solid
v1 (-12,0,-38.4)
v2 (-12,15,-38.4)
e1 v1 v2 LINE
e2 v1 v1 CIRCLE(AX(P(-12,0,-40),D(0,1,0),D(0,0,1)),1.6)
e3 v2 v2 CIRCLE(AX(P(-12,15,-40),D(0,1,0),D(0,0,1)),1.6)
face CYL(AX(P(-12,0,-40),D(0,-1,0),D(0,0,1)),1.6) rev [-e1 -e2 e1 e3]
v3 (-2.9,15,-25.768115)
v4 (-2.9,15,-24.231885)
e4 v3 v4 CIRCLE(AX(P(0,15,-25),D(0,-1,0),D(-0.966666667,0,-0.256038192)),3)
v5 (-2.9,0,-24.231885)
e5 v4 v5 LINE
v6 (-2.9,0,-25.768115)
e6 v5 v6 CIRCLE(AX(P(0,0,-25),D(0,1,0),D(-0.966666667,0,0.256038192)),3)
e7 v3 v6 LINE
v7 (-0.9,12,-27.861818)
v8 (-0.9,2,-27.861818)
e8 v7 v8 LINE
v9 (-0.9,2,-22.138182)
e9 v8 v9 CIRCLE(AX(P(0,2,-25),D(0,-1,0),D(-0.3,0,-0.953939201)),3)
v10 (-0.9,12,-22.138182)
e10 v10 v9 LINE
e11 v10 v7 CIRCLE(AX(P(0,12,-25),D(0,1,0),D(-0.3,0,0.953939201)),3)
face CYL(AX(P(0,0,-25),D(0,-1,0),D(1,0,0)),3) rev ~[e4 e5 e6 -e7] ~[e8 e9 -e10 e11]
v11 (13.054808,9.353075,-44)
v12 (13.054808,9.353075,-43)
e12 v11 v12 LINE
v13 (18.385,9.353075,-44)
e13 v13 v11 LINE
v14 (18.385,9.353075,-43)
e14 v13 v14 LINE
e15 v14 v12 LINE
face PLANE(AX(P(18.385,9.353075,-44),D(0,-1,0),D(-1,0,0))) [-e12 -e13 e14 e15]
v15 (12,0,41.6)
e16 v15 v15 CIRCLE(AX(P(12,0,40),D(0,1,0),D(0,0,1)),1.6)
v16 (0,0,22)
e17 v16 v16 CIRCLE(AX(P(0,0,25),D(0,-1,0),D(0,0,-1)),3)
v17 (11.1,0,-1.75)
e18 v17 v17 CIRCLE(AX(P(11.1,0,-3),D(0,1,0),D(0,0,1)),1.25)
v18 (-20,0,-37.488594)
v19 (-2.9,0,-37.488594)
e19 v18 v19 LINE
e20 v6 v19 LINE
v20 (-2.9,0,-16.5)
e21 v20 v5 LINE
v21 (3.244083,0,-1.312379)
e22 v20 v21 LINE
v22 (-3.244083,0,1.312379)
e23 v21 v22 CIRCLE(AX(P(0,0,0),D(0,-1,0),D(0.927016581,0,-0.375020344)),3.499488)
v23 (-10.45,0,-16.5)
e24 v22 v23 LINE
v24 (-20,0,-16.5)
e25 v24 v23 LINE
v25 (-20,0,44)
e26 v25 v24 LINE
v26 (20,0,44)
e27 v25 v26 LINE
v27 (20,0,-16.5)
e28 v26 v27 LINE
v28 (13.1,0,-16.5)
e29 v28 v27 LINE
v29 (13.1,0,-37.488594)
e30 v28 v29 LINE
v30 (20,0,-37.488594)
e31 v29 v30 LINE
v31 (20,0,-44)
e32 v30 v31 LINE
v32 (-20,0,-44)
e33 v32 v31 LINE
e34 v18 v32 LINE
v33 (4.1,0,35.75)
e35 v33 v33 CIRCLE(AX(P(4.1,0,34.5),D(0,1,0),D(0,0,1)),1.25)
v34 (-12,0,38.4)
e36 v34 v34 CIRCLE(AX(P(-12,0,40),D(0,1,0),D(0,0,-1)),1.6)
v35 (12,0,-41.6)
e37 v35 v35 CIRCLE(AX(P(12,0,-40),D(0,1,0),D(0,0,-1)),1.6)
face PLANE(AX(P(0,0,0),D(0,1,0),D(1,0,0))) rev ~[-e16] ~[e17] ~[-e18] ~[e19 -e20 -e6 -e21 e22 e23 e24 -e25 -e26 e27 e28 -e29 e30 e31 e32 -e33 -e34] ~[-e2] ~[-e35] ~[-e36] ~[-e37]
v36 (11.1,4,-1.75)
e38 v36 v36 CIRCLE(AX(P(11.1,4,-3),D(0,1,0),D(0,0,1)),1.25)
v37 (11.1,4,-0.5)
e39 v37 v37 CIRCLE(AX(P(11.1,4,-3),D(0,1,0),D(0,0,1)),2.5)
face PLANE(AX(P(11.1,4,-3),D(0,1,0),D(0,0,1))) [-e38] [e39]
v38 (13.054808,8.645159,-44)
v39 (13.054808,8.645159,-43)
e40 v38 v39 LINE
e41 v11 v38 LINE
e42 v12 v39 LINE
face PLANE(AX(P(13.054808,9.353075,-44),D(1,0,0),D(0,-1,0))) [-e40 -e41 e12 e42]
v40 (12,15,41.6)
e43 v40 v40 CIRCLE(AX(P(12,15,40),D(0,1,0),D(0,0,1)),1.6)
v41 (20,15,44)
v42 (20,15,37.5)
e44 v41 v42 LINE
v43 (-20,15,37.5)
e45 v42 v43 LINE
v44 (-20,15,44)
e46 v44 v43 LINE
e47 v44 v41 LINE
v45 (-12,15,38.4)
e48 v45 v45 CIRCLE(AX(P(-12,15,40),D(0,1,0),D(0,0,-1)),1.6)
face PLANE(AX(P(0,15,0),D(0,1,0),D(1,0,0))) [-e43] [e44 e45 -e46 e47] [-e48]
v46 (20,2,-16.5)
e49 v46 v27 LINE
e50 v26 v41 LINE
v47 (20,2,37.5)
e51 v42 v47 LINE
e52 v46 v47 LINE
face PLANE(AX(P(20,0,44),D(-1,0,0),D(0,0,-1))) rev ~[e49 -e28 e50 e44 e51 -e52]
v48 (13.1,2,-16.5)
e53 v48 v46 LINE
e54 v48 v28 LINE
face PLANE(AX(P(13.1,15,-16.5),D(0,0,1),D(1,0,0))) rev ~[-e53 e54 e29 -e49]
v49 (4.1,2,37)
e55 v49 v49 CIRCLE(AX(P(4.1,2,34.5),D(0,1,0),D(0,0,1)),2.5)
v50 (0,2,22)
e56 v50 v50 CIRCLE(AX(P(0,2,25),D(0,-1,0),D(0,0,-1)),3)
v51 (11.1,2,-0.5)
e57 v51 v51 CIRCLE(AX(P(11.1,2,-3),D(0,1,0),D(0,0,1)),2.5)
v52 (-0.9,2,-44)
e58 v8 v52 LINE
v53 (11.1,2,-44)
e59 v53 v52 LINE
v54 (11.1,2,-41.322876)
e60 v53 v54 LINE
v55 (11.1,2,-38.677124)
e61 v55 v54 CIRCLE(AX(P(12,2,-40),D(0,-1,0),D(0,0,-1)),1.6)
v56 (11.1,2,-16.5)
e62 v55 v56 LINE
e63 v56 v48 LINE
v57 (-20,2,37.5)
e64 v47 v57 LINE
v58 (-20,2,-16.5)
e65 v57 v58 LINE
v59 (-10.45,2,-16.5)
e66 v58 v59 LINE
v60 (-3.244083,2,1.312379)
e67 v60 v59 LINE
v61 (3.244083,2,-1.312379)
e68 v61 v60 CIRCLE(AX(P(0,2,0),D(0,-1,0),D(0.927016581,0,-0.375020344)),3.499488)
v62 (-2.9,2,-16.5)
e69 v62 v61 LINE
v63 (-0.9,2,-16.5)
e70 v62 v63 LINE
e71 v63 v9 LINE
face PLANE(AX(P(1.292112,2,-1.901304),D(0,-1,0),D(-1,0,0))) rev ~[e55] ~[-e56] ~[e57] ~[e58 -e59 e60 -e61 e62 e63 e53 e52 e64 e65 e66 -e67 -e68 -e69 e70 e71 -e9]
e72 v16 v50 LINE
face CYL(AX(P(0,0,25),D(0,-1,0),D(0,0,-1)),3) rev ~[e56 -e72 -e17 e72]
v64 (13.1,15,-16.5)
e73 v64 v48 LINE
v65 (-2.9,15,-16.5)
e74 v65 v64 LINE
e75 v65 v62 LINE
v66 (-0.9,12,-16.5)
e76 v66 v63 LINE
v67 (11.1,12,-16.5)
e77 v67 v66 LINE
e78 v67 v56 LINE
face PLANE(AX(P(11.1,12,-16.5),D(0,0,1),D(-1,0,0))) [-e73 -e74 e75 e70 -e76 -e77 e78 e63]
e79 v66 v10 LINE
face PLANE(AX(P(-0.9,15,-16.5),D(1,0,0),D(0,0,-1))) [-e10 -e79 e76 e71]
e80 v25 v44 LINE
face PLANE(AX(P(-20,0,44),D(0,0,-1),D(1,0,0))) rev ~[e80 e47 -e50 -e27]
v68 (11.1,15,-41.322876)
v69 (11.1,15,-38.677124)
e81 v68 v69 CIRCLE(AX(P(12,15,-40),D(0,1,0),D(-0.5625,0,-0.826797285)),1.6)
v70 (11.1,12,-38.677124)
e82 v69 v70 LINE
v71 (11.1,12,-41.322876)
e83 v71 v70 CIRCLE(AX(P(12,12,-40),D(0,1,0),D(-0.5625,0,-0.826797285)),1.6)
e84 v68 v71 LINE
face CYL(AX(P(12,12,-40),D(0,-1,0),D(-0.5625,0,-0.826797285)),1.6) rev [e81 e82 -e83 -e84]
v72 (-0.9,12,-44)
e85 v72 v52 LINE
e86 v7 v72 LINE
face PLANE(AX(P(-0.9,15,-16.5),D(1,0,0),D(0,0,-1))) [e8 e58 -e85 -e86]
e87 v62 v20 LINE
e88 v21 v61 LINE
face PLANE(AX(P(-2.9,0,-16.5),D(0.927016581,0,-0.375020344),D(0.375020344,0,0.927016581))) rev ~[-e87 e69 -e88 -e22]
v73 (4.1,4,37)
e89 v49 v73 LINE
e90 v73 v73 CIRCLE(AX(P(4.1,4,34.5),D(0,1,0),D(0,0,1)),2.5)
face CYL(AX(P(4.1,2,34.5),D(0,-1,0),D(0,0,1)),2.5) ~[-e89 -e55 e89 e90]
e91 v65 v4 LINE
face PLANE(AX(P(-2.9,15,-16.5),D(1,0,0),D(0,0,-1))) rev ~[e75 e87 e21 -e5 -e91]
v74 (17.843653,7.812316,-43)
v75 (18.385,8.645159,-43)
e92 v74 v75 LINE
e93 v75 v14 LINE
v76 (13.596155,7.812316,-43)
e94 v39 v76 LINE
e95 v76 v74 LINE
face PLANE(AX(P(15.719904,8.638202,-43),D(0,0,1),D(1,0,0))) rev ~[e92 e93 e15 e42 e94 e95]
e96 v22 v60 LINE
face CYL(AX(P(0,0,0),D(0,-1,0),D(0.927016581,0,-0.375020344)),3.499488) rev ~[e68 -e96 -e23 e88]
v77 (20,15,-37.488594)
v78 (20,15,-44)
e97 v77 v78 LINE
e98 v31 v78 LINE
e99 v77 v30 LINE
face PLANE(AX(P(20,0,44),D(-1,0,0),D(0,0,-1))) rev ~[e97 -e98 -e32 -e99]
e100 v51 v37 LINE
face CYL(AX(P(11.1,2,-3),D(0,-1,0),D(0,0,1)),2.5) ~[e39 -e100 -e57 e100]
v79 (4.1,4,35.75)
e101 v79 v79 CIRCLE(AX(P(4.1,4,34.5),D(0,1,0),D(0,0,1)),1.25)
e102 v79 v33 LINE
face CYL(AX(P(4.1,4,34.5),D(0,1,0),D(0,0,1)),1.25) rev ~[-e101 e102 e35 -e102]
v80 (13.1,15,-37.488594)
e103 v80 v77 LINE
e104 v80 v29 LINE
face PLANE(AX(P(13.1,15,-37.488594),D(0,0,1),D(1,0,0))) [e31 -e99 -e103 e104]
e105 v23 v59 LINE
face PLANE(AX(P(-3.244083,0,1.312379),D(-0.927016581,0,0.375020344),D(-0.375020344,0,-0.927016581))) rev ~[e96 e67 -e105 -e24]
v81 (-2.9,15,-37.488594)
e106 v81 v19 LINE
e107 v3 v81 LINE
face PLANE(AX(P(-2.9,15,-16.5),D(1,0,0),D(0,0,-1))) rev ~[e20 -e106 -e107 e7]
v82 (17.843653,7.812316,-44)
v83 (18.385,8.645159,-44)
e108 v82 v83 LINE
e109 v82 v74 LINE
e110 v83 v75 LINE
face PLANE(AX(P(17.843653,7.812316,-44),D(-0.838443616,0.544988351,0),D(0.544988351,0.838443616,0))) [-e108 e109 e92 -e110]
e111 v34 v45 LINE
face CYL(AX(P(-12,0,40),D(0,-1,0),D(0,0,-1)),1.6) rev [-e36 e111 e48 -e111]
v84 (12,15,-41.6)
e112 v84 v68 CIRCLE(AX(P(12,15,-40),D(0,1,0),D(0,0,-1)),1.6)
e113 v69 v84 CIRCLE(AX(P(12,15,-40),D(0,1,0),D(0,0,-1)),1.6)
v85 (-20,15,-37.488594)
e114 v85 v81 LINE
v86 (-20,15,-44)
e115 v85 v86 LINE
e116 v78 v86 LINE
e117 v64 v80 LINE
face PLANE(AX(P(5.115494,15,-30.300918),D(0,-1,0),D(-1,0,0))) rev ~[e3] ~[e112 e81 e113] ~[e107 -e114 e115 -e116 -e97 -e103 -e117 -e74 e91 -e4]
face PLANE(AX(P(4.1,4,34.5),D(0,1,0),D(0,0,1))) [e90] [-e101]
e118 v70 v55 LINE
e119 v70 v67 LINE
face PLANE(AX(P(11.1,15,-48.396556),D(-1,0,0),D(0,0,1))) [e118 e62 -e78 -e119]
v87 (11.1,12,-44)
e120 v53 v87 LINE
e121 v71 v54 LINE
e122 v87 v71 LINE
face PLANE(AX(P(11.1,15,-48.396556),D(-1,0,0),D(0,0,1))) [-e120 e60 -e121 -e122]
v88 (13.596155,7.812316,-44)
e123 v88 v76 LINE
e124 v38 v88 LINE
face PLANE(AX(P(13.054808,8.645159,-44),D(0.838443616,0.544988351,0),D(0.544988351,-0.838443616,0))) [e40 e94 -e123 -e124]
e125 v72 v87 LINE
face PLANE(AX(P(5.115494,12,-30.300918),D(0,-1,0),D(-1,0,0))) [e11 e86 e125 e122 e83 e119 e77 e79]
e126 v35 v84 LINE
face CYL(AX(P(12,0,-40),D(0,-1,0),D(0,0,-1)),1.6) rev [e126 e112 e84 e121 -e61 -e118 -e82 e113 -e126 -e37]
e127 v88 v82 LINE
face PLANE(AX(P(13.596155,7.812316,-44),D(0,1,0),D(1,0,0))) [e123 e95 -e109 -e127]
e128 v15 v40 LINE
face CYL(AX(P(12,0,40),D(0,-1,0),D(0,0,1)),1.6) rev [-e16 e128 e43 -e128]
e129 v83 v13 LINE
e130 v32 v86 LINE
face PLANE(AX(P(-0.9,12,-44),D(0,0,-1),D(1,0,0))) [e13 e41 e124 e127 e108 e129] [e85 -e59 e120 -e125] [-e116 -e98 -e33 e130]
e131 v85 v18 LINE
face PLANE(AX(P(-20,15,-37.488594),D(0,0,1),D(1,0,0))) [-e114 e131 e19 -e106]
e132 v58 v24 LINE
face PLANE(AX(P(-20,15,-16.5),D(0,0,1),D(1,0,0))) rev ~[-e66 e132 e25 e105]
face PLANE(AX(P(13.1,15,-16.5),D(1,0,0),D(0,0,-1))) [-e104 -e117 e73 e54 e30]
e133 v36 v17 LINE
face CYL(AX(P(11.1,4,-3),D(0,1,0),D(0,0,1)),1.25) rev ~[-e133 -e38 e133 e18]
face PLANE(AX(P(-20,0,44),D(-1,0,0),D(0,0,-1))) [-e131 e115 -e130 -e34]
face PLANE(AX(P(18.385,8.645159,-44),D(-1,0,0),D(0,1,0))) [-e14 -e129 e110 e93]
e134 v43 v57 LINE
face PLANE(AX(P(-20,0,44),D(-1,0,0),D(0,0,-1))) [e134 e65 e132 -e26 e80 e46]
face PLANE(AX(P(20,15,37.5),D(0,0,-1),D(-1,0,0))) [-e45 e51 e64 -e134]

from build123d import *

# Parameters (mm, degrees)
CROQUIS1_W              = 40
CROQUIS1_H              = 88
CROQUIS1_R              = 1.6
SALIENTE_EXTRUIR1_DEPTH = 15
CORTAR_EXTRUIR1_DEPTH   = 13
CROQUIS3_R              = 2.5
SALIENTE_EXTRUIR3_DEPTH = 2
CROQUIS4_R              = 1.25
CORTAR_EXTRUIR2_DEPTH   = 50.568134926
CROQUIS5_W              = 17.1
CROQUIS5_H              = 20.988594156
CROQUIS5_W_2            = 6.9
CORTAR_EXTRUIR3_DEPTH   = 51.606323716
SALIENTE_EXTRUIR4_START = -3
SALIENTE_EXTRUIR4_DEPTH = 3
CORTAR_EXTRUIR4_DEPTH   = 1
CROQUIS8_R              = 3
CORTAR_EXTRUIR5_DEPTH   = 51.606323716


with BuildPart() as part:
    # Croquis1 → Saliente-Extruir1 (new body)
    with BuildSketch(Plane(origin=(0, 0, 0), x_dir=(1, 0, 0), z_dir=(0, 1, 0))):
        Rectangle(CROQUIS1_W, CROQUIS1_H)
        with Locations(Location((-12, 40, 0), (0, 0, 270))):
            Circle(CROQUIS1_R, mode=Mode.SUBTRACT)
        with Locations(Location((12, 40, 0), (0, 0, 90))):
            Circle(CROQUIS1_R, mode=Mode.SUBTRACT)
        with Locations(Location((-12, -40, 0), (0, 0, 90))):
            Circle(CROQUIS1_R, mode=Mode.SUBTRACT)
        with Locations(Location((12, -40, 0), (0, 0, 270))):
            Circle(CROQUIS1_R, mode=Mode.SUBTRACT)
    extrude(amount=SALIENTE_EXTRUIR1_DEPTH)

    # Croquis2 → Cortar-Extruir1 (cut)
    with BuildSketch(Plane(origin=(0, 15, 0), x_dir=(1, 0, 0), z_dir=(0, 1, 0))):
        Polygon((-0.9, 48.396555715), (11.1, 48.396555715), (11.1, 16.5), (20, 16.5), (20, -37.5), (-20, -37.5), (-20, 16.5), (-0.9, 16.5), align=None)
    extrude(amount=-CORTAR_EXTRUIR1_DEPTH, mode=Mode.SUBTRACT)

    # Croquis3 → Saliente-Extruir3 (add)
    with BuildSketch(Plane(origin=(0, 2, 0), x_dir=(1, 0, 0), z_dir=(0, 1, 0))):
        with Locations(Location((11.1, 3, 0), (0, 0, 270))):
            Circle(CROQUIS3_R)
        with Locations(Location((4.1, -34.5, 0), (0, 0, 270))):
            Circle(CROQUIS3_R)
    extrude(amount=SALIENTE_EXTRUIR3_DEPTH)

    # Croquis4 → Cortar-Extruir2 (cut, through all)
    with BuildSketch(Plane(origin=(0, 4, 0), x_dir=(1, 0, 0), z_dir=(0, 1, 0))):
        with Locations(Location((11.1, 3, 0), (0, 0, 270))):
            Circle(CROQUIS4_R)
        with Locations(Location((4.1, -34.5, 0), (0, 0, 270))):
            Circle(CROQUIS4_R)
    extrude(amount=-CORTAR_EXTRUIR2_DEPTH, mode=Mode.SUBTRACT)

    # Croquis5 → Cortar-Extruir3 (cut, through all)
    with BuildSketch(Plane(origin=(0, 15, 0), x_dir=(1, 0, 0), z_dir=(0, 1, 0))):
        with Locations((-11.45, 26.994297078)):
            Rectangle(CROQUIS5_W, CROQUIS5_H)
        with Locations((16.55, 26.994297078)):
            Rectangle(CROQUIS5_W_2, CROQUIS5_H)
    extrude(amount=-CORTAR_EXTRUIR3_DEPTH, mode=Mode.SUBTRACT)

    # Croquis6 → Saliente-Extruir4 (add)
    with BuildSketch(Plane(origin=(0, 15, 0), x_dir=(1, 0, 0), z_dir=(0, 1, 0)).offset(SALIENTE_EXTRUIR4_START)):
        with BuildLine():
            Line((11.1, 44), (11.1, 41.322875656))
            ThreePointArc((11.1, 41.322875656), (10.4, 40), (11.1, 38.677124344))
            Line((11.1, 38.677124344), (11.1, 16.5))
            Line((11.1, 16.5), (-0.9, 16.5))
            Line((-0.9, 16.5), (-0.9, 44))
            Line((-0.9, 44), (11.1, 44))
        make_face()
    extrude(amount=SALIENTE_EXTRUIR4_DEPTH)

    # Croquis7 → Cortar-Extruir4 (cut)
    with BuildSketch(Plane(origin=(0, 0, -44), x_dir=(-1, 0, 0), z_dir=(0, 0, -1))):
        Polygon((-18.385000464, 9.353074792), (-13.054807804, 9.353074792), (-13.054807804, 8.645158579), (-13.596155496, 7.812315976), (-17.843652772, 7.812315976), (-18.385000464, 8.645158579), align=None)
    extrude(amount=-CORTAR_EXTRUIR4_DEPTH, mode=Mode.SUBTRACT)

    # Croquis8 → Cortar-Extruir5 (cut, through all)
    with BuildSketch(Plane.XZ):
        with Locations(Location((0, 25, 0), (0, 0, 270))):
            Circle(CROQUIS8_R)
        with Locations((0, -25)):
            Circle(CROQUIS8_R)
        with BuildLine():
            Line((-2.9, -16.5), (3.244083024, -1.312379042))
            ThreePointArc((3.244083024, -1.312379042), (1.312379042, 3.244083024), (-3.244083024, 1.312379042))
            Line((-3.244083024, 1.312379042), (-10.45, -16.5))
            Line((-10.45, -16.5), (-2.9, -16.5))
        make_face()
    extrude(amount=-CORTAR_EXTRUIR5_DEPTH, mode=Mode.SUBTRACT)


solid = part.part
